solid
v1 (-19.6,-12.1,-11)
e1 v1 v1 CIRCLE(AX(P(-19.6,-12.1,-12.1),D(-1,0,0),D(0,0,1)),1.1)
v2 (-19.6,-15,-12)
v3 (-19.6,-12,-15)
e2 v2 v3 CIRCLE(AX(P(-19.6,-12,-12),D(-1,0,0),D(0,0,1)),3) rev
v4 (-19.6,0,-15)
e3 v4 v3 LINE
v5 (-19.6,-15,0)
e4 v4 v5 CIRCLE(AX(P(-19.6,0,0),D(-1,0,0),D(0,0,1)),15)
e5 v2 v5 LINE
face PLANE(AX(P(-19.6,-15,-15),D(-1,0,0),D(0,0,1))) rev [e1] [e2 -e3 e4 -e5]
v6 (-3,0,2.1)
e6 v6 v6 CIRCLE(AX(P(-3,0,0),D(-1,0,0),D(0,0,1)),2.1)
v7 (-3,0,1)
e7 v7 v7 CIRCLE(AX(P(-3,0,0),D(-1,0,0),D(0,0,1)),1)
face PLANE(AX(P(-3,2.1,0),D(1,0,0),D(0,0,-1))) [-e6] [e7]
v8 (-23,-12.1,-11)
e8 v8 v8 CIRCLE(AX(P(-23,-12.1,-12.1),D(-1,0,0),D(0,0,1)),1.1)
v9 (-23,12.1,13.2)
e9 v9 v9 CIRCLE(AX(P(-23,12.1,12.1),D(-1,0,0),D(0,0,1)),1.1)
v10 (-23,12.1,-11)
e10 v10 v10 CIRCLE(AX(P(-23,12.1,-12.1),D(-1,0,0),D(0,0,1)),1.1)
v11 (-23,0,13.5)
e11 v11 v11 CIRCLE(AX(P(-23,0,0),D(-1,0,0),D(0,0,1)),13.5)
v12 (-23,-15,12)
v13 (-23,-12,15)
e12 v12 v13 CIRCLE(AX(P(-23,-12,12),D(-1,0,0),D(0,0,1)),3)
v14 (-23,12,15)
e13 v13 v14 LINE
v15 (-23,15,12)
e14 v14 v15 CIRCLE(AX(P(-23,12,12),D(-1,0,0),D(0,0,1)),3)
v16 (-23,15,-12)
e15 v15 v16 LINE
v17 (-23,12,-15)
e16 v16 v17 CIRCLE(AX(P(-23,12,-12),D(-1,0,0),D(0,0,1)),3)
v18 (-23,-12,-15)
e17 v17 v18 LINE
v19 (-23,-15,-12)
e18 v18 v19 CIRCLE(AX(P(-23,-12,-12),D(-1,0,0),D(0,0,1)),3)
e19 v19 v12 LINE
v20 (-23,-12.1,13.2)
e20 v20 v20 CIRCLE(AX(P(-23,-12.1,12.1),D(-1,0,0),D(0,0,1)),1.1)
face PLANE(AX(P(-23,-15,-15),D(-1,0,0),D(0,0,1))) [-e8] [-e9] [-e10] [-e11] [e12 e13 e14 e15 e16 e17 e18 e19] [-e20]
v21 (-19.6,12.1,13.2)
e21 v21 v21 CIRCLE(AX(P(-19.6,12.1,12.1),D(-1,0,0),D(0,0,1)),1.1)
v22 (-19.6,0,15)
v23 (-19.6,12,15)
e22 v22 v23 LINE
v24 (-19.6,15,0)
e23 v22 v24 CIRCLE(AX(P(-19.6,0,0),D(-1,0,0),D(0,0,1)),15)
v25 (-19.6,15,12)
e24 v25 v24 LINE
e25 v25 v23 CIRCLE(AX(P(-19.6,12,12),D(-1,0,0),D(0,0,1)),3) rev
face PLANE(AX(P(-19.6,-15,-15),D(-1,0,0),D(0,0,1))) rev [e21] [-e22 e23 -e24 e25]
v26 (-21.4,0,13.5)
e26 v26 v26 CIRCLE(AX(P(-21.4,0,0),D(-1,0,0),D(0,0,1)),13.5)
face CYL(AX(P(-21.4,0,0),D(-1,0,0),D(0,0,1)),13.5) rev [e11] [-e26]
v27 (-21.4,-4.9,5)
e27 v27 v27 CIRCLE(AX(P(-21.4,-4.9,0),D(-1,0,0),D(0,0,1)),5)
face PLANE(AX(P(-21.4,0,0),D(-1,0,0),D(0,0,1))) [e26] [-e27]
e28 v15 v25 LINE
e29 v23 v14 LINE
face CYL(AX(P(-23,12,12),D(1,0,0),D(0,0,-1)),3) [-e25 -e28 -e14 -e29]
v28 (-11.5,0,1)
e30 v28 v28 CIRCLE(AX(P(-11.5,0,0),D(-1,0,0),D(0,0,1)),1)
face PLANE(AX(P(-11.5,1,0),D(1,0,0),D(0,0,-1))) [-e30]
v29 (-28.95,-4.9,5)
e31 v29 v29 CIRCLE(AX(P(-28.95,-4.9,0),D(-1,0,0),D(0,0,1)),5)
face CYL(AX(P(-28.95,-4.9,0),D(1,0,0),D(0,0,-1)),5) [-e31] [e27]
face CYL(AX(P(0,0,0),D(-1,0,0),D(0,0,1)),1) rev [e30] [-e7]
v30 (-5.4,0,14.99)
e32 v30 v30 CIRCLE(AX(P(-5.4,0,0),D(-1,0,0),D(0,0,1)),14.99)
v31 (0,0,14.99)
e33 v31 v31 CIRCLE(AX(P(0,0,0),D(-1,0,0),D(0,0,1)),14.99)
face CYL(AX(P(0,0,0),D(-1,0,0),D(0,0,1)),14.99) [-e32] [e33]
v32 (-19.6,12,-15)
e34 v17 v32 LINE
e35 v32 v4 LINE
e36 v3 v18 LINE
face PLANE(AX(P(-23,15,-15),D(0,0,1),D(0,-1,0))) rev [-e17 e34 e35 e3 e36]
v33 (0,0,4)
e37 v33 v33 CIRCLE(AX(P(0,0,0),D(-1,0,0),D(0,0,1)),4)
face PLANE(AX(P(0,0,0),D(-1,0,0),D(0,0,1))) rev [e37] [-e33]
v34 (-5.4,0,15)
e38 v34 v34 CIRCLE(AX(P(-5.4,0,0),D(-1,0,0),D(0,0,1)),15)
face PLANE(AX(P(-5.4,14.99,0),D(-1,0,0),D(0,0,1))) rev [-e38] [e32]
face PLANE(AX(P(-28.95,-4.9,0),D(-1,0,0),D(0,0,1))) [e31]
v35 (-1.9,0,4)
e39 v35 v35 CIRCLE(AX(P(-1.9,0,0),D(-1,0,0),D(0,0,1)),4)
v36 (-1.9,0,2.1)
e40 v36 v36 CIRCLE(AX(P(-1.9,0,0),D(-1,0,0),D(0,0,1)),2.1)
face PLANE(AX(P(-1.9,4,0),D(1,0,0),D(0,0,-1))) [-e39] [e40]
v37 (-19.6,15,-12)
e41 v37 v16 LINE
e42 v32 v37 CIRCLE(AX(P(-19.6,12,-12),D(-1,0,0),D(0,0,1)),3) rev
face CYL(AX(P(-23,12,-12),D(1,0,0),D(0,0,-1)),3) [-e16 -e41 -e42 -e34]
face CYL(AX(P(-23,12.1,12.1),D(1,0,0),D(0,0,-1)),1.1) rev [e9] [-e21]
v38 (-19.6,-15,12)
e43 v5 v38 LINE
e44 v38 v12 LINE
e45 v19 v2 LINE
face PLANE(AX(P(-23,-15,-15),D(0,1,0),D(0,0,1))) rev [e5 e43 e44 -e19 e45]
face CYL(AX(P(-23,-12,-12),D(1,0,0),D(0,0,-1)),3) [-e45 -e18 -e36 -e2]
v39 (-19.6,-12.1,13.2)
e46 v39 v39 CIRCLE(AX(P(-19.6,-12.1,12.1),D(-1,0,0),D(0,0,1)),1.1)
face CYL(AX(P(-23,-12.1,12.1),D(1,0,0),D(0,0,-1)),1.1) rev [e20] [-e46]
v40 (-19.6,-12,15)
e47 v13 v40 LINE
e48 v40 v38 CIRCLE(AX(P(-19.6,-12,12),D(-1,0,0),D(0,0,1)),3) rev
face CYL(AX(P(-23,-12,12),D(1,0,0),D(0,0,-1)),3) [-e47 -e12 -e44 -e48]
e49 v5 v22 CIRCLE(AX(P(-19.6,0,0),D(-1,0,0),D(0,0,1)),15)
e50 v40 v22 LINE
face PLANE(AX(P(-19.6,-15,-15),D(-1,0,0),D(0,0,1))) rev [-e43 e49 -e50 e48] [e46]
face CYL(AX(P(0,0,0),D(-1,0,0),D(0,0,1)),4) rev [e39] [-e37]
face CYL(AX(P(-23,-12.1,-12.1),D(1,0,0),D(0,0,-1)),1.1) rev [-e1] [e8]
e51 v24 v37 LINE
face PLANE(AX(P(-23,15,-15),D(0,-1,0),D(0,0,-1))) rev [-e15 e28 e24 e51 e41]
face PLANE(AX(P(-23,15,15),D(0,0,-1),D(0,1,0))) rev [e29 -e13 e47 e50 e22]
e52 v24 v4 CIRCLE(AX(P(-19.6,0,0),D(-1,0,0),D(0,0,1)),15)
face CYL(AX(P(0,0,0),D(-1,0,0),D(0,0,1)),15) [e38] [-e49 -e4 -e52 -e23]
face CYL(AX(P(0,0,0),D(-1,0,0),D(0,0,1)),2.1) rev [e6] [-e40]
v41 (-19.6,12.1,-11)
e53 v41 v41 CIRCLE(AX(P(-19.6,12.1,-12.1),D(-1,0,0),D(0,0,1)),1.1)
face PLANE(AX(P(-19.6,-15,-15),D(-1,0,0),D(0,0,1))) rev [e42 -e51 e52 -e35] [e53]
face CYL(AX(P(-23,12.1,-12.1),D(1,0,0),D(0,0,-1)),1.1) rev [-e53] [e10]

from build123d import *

# Parameters (mm, degrees)
ESQUISSE2_W             = 30
ESQUISSE2_H             = 30
ESQUISSE2_R             = 1.1
EXTRUSION1_DEPTH        = 3.4
ESQUISSE3_R             = 13.5
ENL_V_MAT_EXTRU_1_DEPTH = 1.6
CONG_1_R                = 3
ESQUISSE4_R             = 5
EXTRUSION2_DEPTH        = 7.55


with BuildPart() as part:
    # Esquisse1 → Révolution1 (revolve)
    with BuildSketch(Plane.XY, mode=Mode.PRIVATE) as r_volution1_sk:
        Polygon((0, 0), (0, 14.99), (-5.4, 14.99), (-5.4, 15), (-19.6, 15), (-19.6, 0), align=None)
    revolve(r_volution1_sk.sketch.rotate(Axis((0, 0, 0), (1, 0, 0)), 90), axis=Axis((0, 0, 0), (1, 0, 0)))  # turned: the seam where the file's is

    # Esquisse2 → Extrusion1 (add)
    with BuildSketch(Plane.ZY.offset(19.6)):
        Rectangle(ESQUISSE2_W, ESQUISSE2_H)
        with Locations((-12.1, 12.1)):
            Circle(ESQUISSE2_R, mode=Mode.SUBTRACT)
        with Locations((12.1, 12.1)):
            Circle(ESQUISSE2_R, mode=Mode.SUBTRACT)
        with Locations((-12.1, -12.1)):
            Circle(ESQUISSE2_R, mode=Mode.SUBTRACT)
        with Locations((12.1, -12.1)):
            Circle(ESQUISSE2_R, mode=Mode.SUBTRACT)
    extrude(amount=EXTRUSION1_DEPTH)

    # Esquisse3 → Enlèv. mat.-Extru.1 (cut)
    with BuildSketch(Plane.ZY.offset(23)):
        Circle(ESQUISSE3_R)
    extrude(amount=-ENL_V_MAT_EXTRU_1_DEPTH, mode=Mode.SUBTRACT)

    # Congé1
    cong_1_edges = [part.edges().sort_by_distance(p)[0] for p in [
        (-21.3, 15, -15),
        (-21.3, -15, -15),
        (-21.3, -15, 15),
        (-21.3, 15, 15),
    ]]
    fillet(cong_1_edges, radius=CONG_1_R)

    # Esquisse4 → Extrusion2 (add)
    with BuildSketch(Plane.ZY.offset(21.4)):
        with Locations((0, -4.9)):
            Circle(ESQUISSE4_R)
    extrude(amount=EXTRUSION2_DEPTH)

    # Esquisse5 → Enlèvement de matière-Révolution1 (revolve, cut)
    with BuildSketch(Plane.XY, mode=Mode.PRIVATE) as enl_vement_de_mati_re_r_volution1_sk:
        Polygon((0, 0), (0, 4), (-1.9, 4), (-1.9, 2.1), (-3, 2.1), (-3, 1), (-11.5, 1), (-11.5, 0), align=None)
    revolve(enl_vement_de_mati_re_r_volution1_sk.sketch.rotate(Axis((0, 0, 0), (1, 0, 0)), 90), axis=Axis((0, 0, 0), (1, 0, 0)), mode=Mode.SUBTRACT)  # turned: the seam where the file's is


solid = part.part
